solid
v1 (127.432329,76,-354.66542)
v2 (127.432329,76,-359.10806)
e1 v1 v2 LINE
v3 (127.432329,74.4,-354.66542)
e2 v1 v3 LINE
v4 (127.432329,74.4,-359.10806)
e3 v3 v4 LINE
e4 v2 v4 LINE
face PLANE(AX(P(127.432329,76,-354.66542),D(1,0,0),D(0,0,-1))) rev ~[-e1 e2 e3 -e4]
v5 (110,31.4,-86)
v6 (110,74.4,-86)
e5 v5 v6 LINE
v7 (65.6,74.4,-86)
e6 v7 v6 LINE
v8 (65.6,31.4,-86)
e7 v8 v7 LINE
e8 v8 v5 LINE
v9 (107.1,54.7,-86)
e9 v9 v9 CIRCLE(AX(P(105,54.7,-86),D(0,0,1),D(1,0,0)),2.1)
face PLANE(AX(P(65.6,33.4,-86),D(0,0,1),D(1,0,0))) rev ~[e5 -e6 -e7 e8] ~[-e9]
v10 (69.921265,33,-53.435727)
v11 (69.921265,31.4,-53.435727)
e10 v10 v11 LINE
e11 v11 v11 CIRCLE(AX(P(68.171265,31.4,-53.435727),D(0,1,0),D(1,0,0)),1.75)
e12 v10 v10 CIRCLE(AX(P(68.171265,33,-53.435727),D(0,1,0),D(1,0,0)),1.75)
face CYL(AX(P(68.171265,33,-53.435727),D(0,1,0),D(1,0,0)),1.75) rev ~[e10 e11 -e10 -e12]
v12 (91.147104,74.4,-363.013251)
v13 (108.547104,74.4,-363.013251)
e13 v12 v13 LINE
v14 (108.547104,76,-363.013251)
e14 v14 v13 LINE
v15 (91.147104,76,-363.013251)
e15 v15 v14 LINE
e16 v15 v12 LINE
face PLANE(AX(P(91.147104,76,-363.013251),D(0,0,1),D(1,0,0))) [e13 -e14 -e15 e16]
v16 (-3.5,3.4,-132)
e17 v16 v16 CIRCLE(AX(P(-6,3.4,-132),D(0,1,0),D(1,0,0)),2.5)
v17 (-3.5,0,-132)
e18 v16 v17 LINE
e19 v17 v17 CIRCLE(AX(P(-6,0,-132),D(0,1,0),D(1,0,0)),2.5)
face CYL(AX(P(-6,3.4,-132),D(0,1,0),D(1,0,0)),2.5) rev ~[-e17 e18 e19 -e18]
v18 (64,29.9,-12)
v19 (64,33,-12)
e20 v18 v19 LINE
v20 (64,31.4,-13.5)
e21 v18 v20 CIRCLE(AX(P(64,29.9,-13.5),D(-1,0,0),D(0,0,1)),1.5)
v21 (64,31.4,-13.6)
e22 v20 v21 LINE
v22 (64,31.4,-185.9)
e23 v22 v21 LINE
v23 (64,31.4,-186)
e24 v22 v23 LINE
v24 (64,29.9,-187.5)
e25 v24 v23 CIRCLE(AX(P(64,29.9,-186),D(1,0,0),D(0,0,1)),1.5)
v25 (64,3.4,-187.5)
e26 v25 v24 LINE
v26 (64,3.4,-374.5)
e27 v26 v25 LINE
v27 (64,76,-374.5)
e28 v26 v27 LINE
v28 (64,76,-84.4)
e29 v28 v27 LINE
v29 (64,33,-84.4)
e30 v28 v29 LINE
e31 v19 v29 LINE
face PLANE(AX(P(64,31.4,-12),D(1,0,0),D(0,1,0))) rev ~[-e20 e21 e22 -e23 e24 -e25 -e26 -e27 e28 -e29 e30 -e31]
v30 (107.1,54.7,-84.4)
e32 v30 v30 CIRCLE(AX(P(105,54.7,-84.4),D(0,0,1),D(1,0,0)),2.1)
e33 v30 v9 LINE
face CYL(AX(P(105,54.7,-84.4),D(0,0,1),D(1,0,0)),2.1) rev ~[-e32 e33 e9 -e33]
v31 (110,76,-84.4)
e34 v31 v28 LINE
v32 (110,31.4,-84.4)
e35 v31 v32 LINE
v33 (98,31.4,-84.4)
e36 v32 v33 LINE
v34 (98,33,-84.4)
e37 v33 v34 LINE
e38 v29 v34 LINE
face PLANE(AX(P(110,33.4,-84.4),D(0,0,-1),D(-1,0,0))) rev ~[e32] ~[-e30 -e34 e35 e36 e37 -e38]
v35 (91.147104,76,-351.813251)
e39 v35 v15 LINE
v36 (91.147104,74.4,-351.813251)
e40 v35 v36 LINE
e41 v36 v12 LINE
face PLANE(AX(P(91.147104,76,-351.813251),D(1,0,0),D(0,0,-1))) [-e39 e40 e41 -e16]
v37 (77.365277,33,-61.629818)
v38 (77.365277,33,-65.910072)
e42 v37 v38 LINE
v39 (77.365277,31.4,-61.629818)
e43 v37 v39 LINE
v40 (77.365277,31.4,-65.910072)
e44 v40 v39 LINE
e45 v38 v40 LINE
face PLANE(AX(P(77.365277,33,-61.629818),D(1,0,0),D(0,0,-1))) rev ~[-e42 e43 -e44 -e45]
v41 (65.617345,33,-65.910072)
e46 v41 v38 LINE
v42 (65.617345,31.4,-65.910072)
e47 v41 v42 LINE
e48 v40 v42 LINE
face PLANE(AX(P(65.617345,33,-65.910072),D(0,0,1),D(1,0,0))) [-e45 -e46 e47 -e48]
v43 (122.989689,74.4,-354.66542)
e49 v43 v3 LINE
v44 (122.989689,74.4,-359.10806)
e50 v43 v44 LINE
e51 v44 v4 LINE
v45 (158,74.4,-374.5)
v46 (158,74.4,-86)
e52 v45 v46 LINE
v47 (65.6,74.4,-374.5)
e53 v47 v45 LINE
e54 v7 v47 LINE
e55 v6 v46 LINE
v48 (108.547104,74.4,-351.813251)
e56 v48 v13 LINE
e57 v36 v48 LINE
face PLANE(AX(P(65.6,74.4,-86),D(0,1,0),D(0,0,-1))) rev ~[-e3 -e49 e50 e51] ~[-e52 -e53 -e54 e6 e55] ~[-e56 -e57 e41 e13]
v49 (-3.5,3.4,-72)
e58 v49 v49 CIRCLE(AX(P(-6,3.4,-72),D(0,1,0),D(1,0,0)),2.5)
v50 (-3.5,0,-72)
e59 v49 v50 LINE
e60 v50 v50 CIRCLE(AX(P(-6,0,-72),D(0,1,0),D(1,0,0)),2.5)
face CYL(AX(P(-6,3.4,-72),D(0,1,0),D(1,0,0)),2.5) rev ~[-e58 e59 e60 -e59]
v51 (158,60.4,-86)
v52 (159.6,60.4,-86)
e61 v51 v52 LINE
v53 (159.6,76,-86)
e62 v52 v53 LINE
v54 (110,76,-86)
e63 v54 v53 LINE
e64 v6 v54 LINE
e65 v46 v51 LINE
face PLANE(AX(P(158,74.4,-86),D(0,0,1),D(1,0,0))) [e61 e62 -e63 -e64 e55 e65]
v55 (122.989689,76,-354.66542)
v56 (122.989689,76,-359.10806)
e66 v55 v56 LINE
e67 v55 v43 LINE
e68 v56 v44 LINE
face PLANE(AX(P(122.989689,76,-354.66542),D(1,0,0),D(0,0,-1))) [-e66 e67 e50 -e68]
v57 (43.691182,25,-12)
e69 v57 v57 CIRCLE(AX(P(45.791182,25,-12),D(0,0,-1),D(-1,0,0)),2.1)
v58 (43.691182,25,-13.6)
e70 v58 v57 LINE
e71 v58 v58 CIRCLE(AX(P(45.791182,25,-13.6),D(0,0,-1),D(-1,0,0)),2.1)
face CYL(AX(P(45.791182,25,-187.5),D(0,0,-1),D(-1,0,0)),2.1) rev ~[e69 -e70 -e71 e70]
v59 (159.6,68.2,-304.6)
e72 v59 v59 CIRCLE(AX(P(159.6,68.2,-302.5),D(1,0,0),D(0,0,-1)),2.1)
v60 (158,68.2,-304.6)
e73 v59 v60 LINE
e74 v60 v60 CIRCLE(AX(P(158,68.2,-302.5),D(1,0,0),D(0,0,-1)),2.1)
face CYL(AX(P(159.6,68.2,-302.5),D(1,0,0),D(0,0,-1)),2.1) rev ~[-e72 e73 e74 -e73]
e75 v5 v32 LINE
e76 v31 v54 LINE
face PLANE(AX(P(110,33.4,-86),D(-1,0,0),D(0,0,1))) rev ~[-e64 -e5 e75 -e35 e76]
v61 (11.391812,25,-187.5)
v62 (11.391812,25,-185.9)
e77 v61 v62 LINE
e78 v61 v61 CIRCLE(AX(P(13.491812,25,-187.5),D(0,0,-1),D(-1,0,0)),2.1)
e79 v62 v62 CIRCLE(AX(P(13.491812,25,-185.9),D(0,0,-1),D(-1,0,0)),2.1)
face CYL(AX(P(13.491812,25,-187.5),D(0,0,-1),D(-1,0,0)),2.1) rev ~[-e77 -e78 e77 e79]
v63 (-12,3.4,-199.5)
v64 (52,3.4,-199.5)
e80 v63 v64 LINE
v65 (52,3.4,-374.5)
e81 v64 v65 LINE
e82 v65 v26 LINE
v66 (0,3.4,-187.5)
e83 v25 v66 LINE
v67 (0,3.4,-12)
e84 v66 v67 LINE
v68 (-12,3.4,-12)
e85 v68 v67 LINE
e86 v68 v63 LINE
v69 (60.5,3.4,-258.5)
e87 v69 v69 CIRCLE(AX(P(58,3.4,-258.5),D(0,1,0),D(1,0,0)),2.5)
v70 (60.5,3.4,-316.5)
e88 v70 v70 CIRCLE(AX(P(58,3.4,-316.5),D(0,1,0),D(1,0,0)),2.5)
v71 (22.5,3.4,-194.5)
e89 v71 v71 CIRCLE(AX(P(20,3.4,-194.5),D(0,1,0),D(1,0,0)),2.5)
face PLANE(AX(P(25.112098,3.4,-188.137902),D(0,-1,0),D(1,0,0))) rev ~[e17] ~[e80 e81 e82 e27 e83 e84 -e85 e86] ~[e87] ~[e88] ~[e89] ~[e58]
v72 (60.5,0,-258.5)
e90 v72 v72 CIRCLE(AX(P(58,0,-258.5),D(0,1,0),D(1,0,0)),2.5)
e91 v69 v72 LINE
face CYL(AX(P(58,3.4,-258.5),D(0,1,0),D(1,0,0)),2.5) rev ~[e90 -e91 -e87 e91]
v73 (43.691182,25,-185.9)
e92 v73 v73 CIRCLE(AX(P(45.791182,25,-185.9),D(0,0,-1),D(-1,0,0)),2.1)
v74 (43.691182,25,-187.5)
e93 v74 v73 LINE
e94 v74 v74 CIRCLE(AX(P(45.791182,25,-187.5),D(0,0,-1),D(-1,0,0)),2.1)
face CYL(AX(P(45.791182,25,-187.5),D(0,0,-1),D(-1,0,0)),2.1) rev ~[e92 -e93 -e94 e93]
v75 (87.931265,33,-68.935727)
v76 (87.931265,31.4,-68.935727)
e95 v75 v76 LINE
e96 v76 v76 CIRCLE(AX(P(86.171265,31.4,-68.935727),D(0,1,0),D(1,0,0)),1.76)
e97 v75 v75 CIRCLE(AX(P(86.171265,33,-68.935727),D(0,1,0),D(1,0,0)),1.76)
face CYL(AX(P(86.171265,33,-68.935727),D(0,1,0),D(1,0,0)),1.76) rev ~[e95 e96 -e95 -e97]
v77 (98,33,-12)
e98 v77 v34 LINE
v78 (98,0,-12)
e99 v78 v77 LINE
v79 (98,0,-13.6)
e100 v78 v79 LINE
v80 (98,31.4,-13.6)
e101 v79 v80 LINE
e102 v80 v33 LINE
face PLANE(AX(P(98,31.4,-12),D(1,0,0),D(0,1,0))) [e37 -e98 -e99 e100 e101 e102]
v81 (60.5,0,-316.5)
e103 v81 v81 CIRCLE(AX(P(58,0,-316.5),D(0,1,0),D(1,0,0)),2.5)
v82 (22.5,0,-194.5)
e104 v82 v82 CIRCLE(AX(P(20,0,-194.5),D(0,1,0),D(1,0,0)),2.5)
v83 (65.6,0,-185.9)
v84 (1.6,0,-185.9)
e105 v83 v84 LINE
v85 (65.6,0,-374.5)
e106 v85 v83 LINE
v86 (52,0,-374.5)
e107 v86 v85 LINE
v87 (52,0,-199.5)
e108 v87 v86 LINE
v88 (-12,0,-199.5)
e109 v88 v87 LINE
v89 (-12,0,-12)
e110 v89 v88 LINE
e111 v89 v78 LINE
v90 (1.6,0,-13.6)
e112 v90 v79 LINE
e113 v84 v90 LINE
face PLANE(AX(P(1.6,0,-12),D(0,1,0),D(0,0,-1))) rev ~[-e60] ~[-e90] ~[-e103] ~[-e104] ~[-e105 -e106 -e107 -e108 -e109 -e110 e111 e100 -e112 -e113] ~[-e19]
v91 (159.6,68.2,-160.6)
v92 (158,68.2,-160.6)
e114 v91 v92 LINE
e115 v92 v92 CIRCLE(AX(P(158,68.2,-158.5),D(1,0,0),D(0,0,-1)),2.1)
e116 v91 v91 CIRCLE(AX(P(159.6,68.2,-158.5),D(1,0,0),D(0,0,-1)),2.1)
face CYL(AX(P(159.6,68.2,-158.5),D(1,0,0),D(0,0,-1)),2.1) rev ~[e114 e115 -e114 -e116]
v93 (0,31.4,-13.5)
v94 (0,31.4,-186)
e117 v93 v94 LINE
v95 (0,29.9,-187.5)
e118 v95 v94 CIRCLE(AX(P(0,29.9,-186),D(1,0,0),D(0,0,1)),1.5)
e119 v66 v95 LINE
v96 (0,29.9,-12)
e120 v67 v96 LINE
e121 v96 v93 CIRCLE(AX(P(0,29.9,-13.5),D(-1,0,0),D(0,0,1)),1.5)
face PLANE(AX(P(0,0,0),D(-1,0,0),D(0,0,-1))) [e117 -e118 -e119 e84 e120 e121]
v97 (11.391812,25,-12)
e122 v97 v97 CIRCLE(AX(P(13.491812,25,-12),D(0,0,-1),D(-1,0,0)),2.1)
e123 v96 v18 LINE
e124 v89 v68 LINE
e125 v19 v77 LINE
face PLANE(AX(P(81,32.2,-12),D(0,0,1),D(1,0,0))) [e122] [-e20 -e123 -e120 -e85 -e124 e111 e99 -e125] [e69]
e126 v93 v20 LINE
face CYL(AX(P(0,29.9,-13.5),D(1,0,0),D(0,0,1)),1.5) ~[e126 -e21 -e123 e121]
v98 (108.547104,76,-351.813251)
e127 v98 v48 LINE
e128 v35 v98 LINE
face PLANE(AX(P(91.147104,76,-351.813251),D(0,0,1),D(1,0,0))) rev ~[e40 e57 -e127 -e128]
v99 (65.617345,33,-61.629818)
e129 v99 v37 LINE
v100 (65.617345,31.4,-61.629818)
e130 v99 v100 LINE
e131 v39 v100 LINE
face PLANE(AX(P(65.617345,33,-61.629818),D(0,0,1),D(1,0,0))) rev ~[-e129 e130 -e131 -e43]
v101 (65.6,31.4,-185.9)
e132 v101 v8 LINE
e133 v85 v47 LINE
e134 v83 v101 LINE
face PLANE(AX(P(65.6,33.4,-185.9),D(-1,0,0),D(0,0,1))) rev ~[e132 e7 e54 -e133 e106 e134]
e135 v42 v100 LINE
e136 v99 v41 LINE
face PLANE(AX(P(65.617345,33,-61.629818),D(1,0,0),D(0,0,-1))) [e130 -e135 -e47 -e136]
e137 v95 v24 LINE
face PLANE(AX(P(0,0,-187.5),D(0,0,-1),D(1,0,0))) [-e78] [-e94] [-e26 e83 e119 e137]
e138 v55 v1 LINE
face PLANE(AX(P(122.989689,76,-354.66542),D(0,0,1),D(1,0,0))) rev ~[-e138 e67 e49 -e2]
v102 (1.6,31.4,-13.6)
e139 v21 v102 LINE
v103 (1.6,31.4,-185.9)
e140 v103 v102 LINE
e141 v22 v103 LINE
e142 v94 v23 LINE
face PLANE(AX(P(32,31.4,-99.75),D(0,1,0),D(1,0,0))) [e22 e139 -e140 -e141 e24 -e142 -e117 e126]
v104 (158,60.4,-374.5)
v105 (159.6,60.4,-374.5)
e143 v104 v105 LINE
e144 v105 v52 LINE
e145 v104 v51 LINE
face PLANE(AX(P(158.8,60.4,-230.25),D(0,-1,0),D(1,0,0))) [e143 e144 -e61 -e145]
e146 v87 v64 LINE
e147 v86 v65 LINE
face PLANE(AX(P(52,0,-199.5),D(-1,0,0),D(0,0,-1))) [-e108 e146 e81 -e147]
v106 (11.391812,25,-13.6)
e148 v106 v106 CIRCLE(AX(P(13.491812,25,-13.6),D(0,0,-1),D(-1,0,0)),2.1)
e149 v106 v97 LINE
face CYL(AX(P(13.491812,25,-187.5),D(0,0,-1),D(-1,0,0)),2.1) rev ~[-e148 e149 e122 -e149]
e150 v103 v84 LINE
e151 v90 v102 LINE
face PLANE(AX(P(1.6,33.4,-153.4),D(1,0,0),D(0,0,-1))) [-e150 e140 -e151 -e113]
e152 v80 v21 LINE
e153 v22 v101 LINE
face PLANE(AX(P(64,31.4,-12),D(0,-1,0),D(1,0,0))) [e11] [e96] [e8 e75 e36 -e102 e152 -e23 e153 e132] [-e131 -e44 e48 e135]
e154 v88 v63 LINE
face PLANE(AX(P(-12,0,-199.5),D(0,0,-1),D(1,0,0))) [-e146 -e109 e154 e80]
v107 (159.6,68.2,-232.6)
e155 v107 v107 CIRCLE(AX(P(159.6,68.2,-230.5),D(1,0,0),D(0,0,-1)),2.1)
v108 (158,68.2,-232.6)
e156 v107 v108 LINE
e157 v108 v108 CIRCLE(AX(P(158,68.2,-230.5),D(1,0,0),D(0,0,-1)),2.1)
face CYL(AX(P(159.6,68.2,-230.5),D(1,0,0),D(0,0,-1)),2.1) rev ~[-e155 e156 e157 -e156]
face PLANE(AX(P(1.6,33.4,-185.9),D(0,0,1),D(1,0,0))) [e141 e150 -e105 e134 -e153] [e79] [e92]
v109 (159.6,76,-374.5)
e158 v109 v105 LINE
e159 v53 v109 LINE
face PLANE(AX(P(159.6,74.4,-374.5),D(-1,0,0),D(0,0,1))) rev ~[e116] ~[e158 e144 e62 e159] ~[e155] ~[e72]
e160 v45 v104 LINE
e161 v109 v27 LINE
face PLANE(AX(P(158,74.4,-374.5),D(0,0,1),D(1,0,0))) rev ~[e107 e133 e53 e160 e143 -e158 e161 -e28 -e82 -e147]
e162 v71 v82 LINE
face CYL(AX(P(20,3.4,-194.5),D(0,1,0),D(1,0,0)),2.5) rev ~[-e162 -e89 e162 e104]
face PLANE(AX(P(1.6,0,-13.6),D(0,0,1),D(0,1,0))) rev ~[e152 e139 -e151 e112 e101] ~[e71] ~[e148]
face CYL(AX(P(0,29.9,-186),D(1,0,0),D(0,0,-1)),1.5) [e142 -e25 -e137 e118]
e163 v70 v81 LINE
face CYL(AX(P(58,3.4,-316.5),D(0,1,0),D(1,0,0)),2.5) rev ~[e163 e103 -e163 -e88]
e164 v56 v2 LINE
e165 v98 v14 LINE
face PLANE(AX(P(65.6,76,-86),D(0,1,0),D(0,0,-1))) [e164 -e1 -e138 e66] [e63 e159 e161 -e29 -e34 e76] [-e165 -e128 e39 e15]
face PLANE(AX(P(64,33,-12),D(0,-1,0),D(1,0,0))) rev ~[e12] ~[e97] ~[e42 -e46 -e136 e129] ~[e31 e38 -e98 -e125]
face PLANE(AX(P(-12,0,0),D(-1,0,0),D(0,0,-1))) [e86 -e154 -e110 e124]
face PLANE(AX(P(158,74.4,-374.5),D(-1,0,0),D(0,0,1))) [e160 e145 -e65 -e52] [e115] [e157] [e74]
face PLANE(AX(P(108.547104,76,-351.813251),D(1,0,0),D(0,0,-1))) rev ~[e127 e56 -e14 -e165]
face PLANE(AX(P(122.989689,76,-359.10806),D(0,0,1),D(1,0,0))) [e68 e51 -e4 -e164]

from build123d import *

# Parameters (mm, degrees)
BOSS_EXTRUDE1_DEPTH  = 76
SKETCH2_W            = 187.5
SKETCH2_H            = 42.6
CUT_EXTRUDE1_DEPTH   = 64
BOSS_EXTRUDE2_DEPTH  = 3.4
CUT_EXTRUDE2_DEPTH   = 12
SKETCH5_W            = 1.6
SKETCH5_H            = 42.6
BOSS_EXTRUDE3_DEPTH  = 141.4
SKETCH6_W            = 1.6
SKETCH6_H            = 33.4
BOSS_EXTRUDE4_DEPTH  = 158
SKETCH7_W            = 74
SKETCH7_H            = 1.6
BOSS_EXTRUDE5_DEPTH  = 94
SKETCH8_W            = 1.6
SKETCH8_H            = 41
CUT_EXTRUDE3_DEPTH   = 74
SKETCH10_W           = 95.6
SKETCH10_H           = 41
BOSS_EXTRUDE8_DEPTH  = 1.6
SKETCH11_W           = 62.4
SKETCH11_H           = 32.5
CUT_EXTRUDE4_DEPTH   = 33.4
SKETCH12_W           = 1.6
SKETCH12_H           = 32.5
CUT_EXTRUDE5_DEPTH   = 33.4
SKETCH13_W           = 61.6
SKETCH13_H           = 76
CUT_EXTRUDE6_DEPTH   = 74
SKETCH16_W           = 1.6
SKETCH16_H           = 42.6
BOSS_EXTRUDE11_DEPTH = 12
SKETCH17_W           = 288.5
SKETCH17_H           = 1.6
BOSS_EXTRUDE12_DEPTH = 94
SKETCH18_W           = 1.6
SKETCH18_H           = 288.5
BOSS_EXTRUDE13_DEPTH = 14
SKETCH19_R           = 1.75
SKETCH19_R_2         = 1.76
CUT_EXTRUDE7_DEPTH   = 5
SKETCH20_R           = 2.1
CUT_EXTRUDE9_DEPTH   = 195
SKETCH21_R           = 2.5
CUT_EXTRUDE10_DEPTH  = 10
SKETCH22_R           = 2.1
CUT_EXTRUDE11_DEPTH  = 4
SKETCH23_R           = 2.1
CUT_EXTRUDE12_DEPTH  = 4
SKETCH25_W           = 17.4
SKETCH25_H           = 11.2
SKETCH25_W_2         = 4.442640687
SKETCH25_H_2         = 4.442640687
CUT_EXTRUDE13_DEPTH  = 4
SKETCH27_W           = 64
SKETCH27_H           = 175.5
CUT_EXTRUDE15_DEPTH  = 2
CUT_EXTRUDE16_DEPTH  = 52
BOSS_EXTRUDE14_DEPTH = 2
SKETCH33_W           = 34
SKETCH33_H           = 1.6
BOSS_EXTRUDE16_DEPTH = 72.4
FILLET1_R            = 1.5
SKETCH34_R           = 1.76
SKETCH34_R_2         = 1.75
CUT_EXTRUDE17_DEPTH  = 10
SKETCH35_W           = 11.747931796
SKETCH35_H           = 4.280254221
CUT_EXTRUDE18_DEPTH  = 10


with BuildPart() as part:
    # Sketch1 → Boss-Extrude1 (new body)
    with BuildSketch(Plane(origin=(0, 0, 0), x_dir=(1, 0, 0), z_dir=(0, 1, 0))):
        Polygon((0, 0), (0, 187.5), (64, 187.5), (64, 374.5), (65.6, 374.5), (65.6, 153.4), (1.6, 153.4), (1.6, 0), align=None)
    extrude(amount=BOSS_EXTRUDE1_DEPTH)

    # Sketch2 → Cut-Extrude1 (cut)
    with BuildSketch(Plane.ZY):
        with Locations((-93.75, 54.7)):
            Rectangle(SKETCH2_W, SKETCH2_H)
    extrude(amount=-CUT_EXTRUDE1_DEPTH, mode=Mode.SUBTRACT)

    # Sketch3 → Boss-Extrude2 (add)
    with BuildSketch(Plane.XZ):
        Polygon((0, 0), (-12, 0), (-12, -199.5), (52, -199.5), (52, -374.5), (64, -374.5), (64, -187.5), (0, -187.5), align=None)
    extrude(amount=-BOSS_EXTRUDE2_DEPTH)

    # Sketch4 → Cut-Extrude2 (cut)
    with BuildSketch(Plane.XY):
        Polygon((-12, 0), (-12, 3.4), (0, 3.4), (0, 33.4), (1.6, 33.4), (1.6, 0), align=None)
    extrude(amount=-CUT_EXTRUDE2_DEPTH, mode=Mode.SUBTRACT)

    # Sketch5 → Boss-Extrude3 (add)
    with BuildSketch(Plane.XY.offset(-153.4)):
        with Locations((64.8, 54.7)):
            Rectangle(SKETCH5_W, SKETCH5_H)
    extrude(amount=BOSS_EXTRUDE3_DEPTH)

    # Sketch6 → Boss-Extrude4 (add)
    with BuildSketch(Plane(origin=(1.6, 0, 0), x_dir=(0, 0, -1), z_dir=(1, 0, 0))):
        with Locations((12.8, 16.7)):
            Rectangle(SKETCH6_W, SKETCH6_H)
    extrude(amount=BOSS_EXTRUDE4_DEPTH)

    # Sketch7 → Boss-Extrude5 (add)
    with BuildSketch(Plane(origin=(65.6, 0, 0), x_dir=(0, 0, -1), z_dir=(1, 0, 0))):
        with Locations((49, 34.2)):
            Rectangle(SKETCH7_W, SKETCH7_H)
    extrude(amount=BOSS_EXTRUDE5_DEPTH)

    # Sketch8 → Cut-Extrude3 (cut)
    with BuildSketch(Plane.XY.offset(-12)):
        with Locations((64.8, 55.5)):
            Rectangle(SKETCH8_W, SKETCH8_H)
    extrude(amount=-CUT_EXTRUDE3_DEPTH, mode=Mode.SUBTRACT)

    # Sketch10 → Boss-Extrude8 (add)
    with BuildSketch(Plane.XY.offset(-86)):
        with Locations((111.8, 55.5)):
            Rectangle(SKETCH10_W, SKETCH10_H)
    extrude(amount=BOSS_EXTRUDE8_DEPTH)

    # Sketch11 → Cut-Extrude4 (cut)
    with BuildSketch(Plane(origin=(0, 33.4, 0), x_dir=(1, 0, 0), z_dir=(0, 1, 0))):
        with Locations((32.8, 169.65)):
            Rectangle(SKETCH11_W, SKETCH11_H)
    extrude(amount=-CUT_EXTRUDE4_DEPTH, mode=Mode.SUBTRACT)

    # Sketch12 → Cut-Extrude5 (cut)
    with BuildSketch(Plane.XZ):
        with Locations((64.8, -169.65)):
            Rectangle(SKETCH12_W, SKETCH12_H)
    extrude(amount=-CUT_EXTRUDE5_DEPTH, mode=Mode.SUBTRACT)

    # Sketch13 → Cut-Extrude6 (cut)
    with BuildSketch(Plane.XY.offset(-12)):
        with Locations((128.8, 38)):
            Rectangle(SKETCH13_W, SKETCH13_H)
    extrude(amount=-CUT_EXTRUDE6_DEPTH, mode=Mode.SUBTRACT)

    # Sketch16 → Boss-Extrude11 (add)
    with BuildSketch(Plane(origin=(98, 0, 0), x_dir=(0, 0, -1), z_dir=(1, 0, 0))):
        with Locations((85.2, 54.7)):
            Rectangle(SKETCH16_W, SKETCH16_H)
    extrude(amount=BOSS_EXTRUDE11_DEPTH)

    # Sketch17 → Boss-Extrude12 (add)
    with BuildSketch(Plane(origin=(65.6, 0, 0), x_dir=(0, 0, -1), z_dir=(1, 0, 0))):
        with Locations((230.25, 75.2)):
            Rectangle(SKETCH17_W, SKETCH17_H)
    extrude(amount=BOSS_EXTRUDE12_DEPTH)

    # Sketch18 → Boss-Extrude13 (add)
    with BuildSketch(Plane.XZ.offset(-74.4)):
        with Locations((158.8, -230.25)):
            Rectangle(SKETCH18_W, SKETCH18_H)
    extrude(amount=BOSS_EXTRUDE13_DEPTH)

    # Sketch19 → Cut-Extrude7 (cut)
    with BuildSketch(Plane(origin=(0, 35, 0), x_dir=(1, 0, 0), z_dir=(0, 1, 0))):
        with Locations((68.171265028, 53.435726648)):
            Circle(SKETCH19_R)
        with Locations((86.171265028, 68.935726648)):
            Circle(SKETCH19_R_2)
    extrude(amount=-CUT_EXTRUDE7_DEPTH, mode=Mode.SUBTRACT)

    # Sketch20 → Cut-Extrude9 (cut)
    with BuildSketch(Plane(origin=(0, 0, -187.5), x_dir=(-1, 0, 0), z_dir=(0, 0, -1))):
        with Locations((-45.791182174, 25)):
            Circle(SKETCH20_R)
        with Locations((-13.491811911, 25)):
            Circle(SKETCH20_R)
    extrude(amount=-CUT_EXTRUDE9_DEPTH, mode=Mode.SUBTRACT)

    # Sketch21 → Cut-Extrude10 (cut)
    with BuildSketch(Plane(origin=(0, 3.4, 0), x_dir=(1, 0, 0), z_dir=(0, 1, 0))):
        with Locations((58, 316.5)):
            Circle(SKETCH21_R)
        with Locations((58, 258.5)):
            Circle(SKETCH21_R)
        with Locations((-6, 72)):
            Circle(SKETCH21_R)
        with Locations((-6, 132)):
            Circle(SKETCH21_R)
        with Locations((20, 194.5)):
            Circle(SKETCH21_R)
    extrude(amount=-CUT_EXTRUDE10_DEPTH, mode=Mode.SUBTRACT)

    # Sketch22 → Cut-Extrude11 (cut)
    with BuildSketch(Plane(origin=(159.6, 0, 0), x_dir=(0, 0, -1), z_dir=(1, 0, 0))):
        with Locations((302.5, 68.2)):
            Circle(SKETCH22_R)
        with Locations((230.5, 68.2)):
            Circle(SKETCH22_R)
        with Locations((158.5, 68.2)):
            Circle(SKETCH22_R)
    extrude(amount=-CUT_EXTRUDE11_DEPTH, mode=Mode.SUBTRACT)

    # Sketch23 → Cut-Extrude12 (cut)
    with BuildSketch(Plane.XY.offset(-84.4)):
        with Locations((105, 54.7)):
            Circle(SKETCH23_R)
    extrude(amount=-CUT_EXTRUDE12_DEPTH, mode=Mode.SUBTRACT)

    # Sketch25 → Cut-Extrude13 (cut)
    with BuildSketch(Plane(origin=(0, 76, 0), x_dir=(1, 0, 0), z_dir=(0, 1, 0))):
        with Locations((99.847103991, 357.413251396)):
            Rectangle(SKETCH25_W, SKETCH25_H)
        with Locations((125.211009125, 356.886739943)):
            Rectangle(SKETCH25_W_2, SKETCH25_H_2)
    extrude(amount=-CUT_EXTRUDE13_DEPTH, mode=Mode.SUBTRACT)

    # Sketch27 → Cut-Extrude15 (cut)
    with BuildSketch(Plane(origin=(0, 33.4, 0), x_dir=(1, 0, 0), z_dir=(0, 1, 0))):
        with Locations((32, 99.75)):
            Rectangle(SKETCH27_W, SKETCH27_H)
    extrude(amount=-CUT_EXTRUDE15_DEPTH, mode=Mode.SUBTRACT)

    # Sketch28 → Cut-Extrude16 (cut)
    with BuildSketch(Plane.ZY.offset(-64)):
        Polygon((-84.4, 35), (-84.4, 33.4), (-13.6, 33.4), (-13.6, 31.4), (-12, 31.4), (-12, 35), align=None)
    extrude(amount=-CUT_EXTRUDE16_DEPTH, mode=Mode.SUBTRACT)

    # Sketch29 → Boss-Extrude14 (add)
    with BuildSketch(Plane.XZ.offset(-33.4)):
        Polygon((110, -86), (110, -84.4), (64, -84.4), (64, -185.9), (65.6, -185.9), (65.6, -86), align=None)
    extrude(amount=BOSS_EXTRUDE14_DEPTH)

    # Sketch33 → Boss-Extrude16 (add)
    with BuildSketch(Plane.XY.offset(-12)):
        with Locations((81, 32.2)):
            Rectangle(SKETCH33_W, SKETCH33_H)
    extrude(amount=-BOSS_EXTRUDE16_DEPTH)

    # Fillet1
    fillet1_edges = [part.edges().sort_by_distance(p)[0] for p in [
        (32, 31.4, -187.5),
        (32, 31.4, -12),
    ]]
    fillet(fillet1_edges, radius=FILLET1_R)

    # Sketch34 → Cut-Extrude17 (cut)
    with BuildSketch(Plane(origin=(0, 33, 0), x_dir=(1, 0, 0), z_dir=(0, 1, 0))):
        with Locations((86.171265028, 68.935726648)):
            Circle(SKETCH34_R)
        with Locations((68.171265028, 53.435726648)):
            Circle(SKETCH34_R_2)
    extrude(amount=-CUT_EXTRUDE17_DEPTH, mode=Mode.SUBTRACT)

    # Sketch35 → Cut-Extrude18 (cut)
    with BuildSketch(Plane(origin=(0, 33, 0), x_dir=(1, 0, 0), z_dir=(0, 1, 0))):
        with Locations((71.491311388, 63.76994517)):
            Rectangle(SKETCH35_W, SKETCH35_H)
    extrude(amount=-CUT_EXTRUDE18_DEPTH, mode=Mode.SUBTRACT)


solid = part.part
